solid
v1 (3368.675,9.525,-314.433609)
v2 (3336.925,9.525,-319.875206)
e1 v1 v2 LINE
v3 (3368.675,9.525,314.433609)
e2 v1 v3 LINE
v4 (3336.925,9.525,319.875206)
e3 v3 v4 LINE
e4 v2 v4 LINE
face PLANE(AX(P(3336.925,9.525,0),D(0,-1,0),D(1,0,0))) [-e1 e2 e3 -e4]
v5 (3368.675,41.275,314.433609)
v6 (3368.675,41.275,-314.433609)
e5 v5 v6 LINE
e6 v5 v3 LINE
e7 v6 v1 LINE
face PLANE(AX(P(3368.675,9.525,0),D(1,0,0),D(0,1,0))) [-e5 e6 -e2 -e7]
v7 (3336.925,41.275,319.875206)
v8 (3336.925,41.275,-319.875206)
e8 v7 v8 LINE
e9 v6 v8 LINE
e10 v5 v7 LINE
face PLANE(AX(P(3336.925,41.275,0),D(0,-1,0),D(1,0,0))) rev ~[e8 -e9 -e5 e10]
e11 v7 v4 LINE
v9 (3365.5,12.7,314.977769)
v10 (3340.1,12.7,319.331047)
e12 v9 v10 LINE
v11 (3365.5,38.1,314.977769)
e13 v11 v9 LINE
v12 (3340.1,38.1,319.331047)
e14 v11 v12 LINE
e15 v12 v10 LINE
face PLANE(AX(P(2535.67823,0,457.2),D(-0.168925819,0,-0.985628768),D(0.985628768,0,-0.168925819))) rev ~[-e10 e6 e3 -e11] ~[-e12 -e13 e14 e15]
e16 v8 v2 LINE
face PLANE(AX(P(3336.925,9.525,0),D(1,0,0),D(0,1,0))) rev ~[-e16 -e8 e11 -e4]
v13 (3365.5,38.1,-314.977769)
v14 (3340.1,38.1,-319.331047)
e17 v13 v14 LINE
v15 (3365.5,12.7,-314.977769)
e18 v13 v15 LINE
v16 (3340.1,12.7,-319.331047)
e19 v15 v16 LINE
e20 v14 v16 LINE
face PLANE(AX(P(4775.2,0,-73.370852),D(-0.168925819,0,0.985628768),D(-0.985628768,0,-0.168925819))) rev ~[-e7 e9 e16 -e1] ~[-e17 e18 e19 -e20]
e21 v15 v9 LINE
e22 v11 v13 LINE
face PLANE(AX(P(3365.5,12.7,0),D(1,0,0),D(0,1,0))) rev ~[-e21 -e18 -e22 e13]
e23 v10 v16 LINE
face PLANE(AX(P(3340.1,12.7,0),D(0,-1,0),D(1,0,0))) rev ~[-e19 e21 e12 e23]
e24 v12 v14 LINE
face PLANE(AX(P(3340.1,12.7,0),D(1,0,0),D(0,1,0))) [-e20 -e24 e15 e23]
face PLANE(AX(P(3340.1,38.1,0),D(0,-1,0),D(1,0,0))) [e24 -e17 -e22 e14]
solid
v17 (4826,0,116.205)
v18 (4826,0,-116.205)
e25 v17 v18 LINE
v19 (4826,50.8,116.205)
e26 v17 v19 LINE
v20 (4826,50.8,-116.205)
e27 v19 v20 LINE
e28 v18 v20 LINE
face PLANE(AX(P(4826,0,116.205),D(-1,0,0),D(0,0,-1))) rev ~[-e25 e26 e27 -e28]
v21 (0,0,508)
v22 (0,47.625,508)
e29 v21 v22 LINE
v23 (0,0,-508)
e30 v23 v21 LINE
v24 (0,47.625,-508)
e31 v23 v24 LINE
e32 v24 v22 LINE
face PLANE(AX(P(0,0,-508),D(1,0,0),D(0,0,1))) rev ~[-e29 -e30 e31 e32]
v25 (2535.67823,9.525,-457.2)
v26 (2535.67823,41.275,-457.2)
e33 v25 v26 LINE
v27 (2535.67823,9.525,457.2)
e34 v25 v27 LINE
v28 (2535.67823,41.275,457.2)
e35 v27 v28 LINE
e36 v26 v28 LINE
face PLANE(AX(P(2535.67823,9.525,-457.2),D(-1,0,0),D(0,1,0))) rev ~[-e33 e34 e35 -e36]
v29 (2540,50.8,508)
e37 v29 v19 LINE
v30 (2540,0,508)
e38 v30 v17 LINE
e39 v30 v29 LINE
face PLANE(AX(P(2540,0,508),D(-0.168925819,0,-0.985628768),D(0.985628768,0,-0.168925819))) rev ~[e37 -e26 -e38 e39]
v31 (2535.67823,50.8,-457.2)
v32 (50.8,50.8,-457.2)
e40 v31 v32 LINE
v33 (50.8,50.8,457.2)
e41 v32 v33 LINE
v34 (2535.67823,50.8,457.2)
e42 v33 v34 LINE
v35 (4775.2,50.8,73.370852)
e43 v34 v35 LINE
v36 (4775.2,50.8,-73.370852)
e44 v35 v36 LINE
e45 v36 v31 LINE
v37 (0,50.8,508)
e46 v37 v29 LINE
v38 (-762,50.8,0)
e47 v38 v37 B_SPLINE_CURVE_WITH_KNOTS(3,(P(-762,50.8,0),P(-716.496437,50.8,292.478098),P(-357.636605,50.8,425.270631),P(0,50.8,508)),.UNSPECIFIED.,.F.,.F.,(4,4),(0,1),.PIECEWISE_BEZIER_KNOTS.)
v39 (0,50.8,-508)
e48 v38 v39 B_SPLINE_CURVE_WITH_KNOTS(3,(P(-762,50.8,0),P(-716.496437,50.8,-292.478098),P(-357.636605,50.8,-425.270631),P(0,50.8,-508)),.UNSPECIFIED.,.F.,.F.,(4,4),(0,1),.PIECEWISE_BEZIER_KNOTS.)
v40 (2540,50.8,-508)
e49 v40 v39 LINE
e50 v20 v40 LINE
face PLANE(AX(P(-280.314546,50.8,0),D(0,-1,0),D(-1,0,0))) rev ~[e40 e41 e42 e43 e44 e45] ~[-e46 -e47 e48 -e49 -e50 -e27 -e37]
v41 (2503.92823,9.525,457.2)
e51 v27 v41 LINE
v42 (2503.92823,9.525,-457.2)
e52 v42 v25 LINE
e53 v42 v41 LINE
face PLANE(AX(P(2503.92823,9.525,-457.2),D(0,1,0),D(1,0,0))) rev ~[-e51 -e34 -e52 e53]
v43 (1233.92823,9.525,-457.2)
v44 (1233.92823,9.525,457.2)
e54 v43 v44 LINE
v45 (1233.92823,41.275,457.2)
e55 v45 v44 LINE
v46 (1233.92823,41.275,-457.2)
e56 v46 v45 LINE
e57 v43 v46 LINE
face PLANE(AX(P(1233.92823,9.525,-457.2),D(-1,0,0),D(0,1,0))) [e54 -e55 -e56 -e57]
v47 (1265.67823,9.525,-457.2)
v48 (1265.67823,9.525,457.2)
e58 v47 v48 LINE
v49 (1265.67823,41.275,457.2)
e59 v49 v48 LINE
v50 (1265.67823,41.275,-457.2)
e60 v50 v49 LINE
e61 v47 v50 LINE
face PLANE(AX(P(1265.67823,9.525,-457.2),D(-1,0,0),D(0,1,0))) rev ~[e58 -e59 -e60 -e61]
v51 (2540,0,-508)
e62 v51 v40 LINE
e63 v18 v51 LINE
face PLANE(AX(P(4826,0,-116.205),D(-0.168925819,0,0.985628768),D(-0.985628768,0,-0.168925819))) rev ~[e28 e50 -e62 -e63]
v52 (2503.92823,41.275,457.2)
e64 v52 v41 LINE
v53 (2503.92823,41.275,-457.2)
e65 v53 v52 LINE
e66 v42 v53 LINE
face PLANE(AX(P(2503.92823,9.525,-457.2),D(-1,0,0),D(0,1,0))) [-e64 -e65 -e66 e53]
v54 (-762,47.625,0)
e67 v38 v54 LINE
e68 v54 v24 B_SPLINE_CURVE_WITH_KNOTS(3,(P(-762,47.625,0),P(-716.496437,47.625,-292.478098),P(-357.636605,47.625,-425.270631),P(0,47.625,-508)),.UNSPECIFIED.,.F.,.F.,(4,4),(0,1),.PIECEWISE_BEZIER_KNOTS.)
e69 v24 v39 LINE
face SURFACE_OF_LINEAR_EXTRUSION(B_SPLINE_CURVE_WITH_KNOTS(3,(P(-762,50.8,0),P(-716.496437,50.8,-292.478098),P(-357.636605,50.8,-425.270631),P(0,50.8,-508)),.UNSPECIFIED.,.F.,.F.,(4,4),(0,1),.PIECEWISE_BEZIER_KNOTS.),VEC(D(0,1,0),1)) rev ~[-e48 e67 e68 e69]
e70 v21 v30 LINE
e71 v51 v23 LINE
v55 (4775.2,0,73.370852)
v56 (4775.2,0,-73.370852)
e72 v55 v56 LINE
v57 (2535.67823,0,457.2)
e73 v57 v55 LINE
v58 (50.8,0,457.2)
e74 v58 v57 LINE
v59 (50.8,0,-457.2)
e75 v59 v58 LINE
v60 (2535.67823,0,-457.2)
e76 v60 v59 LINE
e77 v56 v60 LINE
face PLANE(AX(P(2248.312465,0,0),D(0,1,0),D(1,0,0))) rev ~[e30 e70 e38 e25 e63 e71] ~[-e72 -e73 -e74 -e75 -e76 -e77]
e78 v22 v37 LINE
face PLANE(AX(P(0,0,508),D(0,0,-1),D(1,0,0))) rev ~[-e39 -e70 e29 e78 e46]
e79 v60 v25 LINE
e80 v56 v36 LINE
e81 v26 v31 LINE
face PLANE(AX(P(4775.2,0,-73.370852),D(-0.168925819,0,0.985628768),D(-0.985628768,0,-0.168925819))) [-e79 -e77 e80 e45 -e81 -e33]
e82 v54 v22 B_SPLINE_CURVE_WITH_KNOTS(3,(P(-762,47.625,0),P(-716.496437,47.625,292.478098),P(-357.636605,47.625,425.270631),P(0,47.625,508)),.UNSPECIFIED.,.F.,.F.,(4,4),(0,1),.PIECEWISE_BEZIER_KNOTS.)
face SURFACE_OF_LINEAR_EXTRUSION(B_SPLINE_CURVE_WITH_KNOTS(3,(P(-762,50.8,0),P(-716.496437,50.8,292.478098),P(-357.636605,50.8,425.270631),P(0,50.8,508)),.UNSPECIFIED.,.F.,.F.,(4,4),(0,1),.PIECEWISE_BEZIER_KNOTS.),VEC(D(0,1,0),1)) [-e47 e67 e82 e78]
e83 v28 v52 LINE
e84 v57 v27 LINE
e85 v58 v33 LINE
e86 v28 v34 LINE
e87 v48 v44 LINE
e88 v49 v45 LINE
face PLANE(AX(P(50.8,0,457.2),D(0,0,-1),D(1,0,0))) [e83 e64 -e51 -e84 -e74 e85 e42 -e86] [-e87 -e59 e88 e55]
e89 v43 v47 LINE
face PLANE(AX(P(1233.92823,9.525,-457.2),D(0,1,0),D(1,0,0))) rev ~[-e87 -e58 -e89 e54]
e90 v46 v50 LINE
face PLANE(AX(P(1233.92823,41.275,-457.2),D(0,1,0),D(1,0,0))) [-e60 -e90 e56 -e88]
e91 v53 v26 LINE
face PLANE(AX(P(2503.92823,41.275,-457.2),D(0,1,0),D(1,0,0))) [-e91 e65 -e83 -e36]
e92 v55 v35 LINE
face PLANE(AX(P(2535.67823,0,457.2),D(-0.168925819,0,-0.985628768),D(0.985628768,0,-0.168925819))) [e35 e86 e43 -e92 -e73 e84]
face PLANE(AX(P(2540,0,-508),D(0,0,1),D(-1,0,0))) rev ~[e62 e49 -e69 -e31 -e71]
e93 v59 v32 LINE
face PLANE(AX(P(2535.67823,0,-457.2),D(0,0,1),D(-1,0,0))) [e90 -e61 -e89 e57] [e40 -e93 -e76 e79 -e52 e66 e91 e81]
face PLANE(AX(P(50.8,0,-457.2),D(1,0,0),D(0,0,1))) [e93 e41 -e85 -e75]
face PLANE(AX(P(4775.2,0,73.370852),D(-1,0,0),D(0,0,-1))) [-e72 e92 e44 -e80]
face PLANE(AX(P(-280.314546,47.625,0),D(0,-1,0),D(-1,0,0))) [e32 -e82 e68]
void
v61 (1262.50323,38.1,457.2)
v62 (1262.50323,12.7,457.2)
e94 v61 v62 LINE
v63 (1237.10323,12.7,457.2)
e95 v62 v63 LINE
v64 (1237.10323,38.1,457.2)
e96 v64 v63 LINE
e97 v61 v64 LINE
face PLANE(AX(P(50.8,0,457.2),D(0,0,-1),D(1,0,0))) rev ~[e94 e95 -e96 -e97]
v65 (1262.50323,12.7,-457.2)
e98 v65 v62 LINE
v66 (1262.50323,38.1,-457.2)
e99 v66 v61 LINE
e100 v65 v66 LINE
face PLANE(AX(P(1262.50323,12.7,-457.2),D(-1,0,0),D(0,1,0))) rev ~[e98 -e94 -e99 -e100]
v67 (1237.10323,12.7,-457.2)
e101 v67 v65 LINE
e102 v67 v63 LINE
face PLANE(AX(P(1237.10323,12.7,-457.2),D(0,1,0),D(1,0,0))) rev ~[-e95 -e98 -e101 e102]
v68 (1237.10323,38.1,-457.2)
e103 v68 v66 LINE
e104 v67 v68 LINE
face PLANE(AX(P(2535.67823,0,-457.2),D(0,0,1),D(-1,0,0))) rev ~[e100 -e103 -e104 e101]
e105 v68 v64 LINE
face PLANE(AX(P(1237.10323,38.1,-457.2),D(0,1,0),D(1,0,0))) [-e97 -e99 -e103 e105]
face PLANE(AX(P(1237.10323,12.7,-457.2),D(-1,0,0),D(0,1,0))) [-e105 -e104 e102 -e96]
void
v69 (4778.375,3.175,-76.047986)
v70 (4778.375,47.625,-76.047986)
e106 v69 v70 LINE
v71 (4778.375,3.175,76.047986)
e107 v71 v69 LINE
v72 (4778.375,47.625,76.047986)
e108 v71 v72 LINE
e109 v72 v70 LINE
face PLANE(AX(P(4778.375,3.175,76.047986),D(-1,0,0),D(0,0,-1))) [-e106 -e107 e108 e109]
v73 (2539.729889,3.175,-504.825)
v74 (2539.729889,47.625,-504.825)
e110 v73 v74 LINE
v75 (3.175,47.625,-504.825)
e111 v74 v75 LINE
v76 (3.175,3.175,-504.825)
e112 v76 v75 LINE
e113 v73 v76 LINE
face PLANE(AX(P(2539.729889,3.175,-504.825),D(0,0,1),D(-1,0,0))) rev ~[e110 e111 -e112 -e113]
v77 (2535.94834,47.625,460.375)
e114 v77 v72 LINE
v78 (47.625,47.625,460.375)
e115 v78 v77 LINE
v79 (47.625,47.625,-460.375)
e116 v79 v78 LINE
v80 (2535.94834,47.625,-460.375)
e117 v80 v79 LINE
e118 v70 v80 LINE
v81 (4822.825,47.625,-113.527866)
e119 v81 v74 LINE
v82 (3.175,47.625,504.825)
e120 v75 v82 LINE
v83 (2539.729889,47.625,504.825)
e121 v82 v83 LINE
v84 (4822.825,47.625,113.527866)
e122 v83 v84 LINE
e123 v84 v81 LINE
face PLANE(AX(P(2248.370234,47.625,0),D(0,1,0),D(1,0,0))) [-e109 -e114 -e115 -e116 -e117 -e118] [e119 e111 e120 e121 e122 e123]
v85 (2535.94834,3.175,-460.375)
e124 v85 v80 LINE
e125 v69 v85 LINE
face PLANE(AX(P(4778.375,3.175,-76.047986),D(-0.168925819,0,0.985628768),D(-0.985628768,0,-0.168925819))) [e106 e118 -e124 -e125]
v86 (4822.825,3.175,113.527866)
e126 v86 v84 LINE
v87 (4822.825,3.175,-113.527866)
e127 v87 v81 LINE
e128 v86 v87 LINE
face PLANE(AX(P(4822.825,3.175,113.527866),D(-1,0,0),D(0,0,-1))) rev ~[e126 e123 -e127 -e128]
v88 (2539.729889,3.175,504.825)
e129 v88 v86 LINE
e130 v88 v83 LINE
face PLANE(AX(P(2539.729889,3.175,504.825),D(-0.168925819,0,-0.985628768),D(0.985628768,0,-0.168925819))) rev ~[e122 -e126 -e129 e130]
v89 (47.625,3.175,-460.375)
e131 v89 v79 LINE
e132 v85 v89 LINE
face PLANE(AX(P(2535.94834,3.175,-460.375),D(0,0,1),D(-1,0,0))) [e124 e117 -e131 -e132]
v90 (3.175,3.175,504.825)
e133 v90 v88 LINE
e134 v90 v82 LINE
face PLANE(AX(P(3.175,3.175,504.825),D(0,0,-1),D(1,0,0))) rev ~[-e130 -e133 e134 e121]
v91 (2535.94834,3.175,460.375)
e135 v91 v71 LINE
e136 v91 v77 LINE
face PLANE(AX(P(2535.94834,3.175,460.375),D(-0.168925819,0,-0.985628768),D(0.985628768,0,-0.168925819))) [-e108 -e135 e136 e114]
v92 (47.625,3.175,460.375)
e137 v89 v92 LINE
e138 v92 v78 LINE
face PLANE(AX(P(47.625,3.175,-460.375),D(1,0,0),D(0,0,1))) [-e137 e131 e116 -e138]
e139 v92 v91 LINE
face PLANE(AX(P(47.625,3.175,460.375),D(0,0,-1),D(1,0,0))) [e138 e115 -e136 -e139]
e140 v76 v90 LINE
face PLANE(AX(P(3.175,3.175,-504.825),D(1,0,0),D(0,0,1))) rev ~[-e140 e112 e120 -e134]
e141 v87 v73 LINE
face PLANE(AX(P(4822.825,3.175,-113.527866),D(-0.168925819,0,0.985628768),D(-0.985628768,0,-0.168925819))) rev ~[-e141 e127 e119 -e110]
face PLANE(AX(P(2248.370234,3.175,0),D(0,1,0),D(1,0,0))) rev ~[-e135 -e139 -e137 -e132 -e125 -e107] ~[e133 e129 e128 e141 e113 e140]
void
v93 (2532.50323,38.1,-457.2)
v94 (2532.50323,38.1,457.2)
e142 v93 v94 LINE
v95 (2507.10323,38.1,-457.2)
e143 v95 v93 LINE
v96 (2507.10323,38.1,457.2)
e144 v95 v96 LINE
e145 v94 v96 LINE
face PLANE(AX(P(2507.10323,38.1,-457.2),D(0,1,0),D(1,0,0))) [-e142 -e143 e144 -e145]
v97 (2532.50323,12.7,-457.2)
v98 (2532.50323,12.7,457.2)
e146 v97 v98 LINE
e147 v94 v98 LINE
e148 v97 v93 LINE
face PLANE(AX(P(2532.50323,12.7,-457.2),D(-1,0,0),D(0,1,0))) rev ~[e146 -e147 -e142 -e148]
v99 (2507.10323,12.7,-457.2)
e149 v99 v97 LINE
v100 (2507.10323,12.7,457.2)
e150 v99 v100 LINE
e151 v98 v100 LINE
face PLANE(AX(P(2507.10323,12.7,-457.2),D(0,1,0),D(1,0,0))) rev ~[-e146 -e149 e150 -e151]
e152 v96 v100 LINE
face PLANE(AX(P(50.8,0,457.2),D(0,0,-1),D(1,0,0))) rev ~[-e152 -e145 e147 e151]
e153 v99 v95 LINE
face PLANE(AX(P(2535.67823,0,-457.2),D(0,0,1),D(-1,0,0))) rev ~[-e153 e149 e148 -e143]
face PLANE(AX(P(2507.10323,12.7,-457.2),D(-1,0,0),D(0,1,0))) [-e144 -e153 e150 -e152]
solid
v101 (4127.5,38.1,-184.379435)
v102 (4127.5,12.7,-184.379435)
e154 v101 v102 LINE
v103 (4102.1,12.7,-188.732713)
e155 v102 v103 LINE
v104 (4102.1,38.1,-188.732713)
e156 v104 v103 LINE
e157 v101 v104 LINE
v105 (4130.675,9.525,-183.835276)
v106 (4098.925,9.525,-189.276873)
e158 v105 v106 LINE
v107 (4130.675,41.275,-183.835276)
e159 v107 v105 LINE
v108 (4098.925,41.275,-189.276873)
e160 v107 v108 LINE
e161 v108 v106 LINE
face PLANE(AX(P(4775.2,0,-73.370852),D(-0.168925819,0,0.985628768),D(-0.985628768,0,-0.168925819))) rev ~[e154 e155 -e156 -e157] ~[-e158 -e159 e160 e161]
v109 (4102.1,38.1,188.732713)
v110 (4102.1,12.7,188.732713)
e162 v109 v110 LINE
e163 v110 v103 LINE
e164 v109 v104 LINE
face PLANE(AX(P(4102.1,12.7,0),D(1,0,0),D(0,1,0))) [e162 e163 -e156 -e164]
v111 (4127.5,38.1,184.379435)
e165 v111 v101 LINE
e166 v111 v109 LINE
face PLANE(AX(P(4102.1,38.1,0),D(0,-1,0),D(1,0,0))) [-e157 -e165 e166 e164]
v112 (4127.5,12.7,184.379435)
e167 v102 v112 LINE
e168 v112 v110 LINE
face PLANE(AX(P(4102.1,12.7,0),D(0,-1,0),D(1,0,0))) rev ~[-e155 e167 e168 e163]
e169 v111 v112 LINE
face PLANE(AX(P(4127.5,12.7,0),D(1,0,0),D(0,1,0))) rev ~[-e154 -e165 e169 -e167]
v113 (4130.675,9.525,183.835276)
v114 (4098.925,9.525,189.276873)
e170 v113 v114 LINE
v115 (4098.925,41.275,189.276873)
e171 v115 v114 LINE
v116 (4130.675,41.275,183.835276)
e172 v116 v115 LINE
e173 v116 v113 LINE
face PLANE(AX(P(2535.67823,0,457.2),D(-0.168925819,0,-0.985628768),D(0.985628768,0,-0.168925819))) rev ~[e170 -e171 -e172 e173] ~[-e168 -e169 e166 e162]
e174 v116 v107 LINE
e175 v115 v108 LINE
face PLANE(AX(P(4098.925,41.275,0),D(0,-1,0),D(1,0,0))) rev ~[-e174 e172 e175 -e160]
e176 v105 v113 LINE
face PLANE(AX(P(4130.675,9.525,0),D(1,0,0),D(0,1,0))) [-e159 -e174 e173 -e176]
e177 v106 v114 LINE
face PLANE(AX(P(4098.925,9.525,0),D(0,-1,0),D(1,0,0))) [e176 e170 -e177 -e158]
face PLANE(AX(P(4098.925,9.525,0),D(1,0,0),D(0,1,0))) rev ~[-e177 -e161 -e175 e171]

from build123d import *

# Parameters (mm, degrees)
BOSS_EXTRUDE1_DEPTH             = 50.8
CUT_EXTRUDE1_DEPTH              = 44.45
BOSS_EXTRUDE2_REACH             = 967.2
SKETCH3_W                       = 31.75
SKETCH3_H                       = 31.75
SKETCH3_W_2                     = 25.4
SKETCH3_H_2                     = 25.4
BOSS_EXTRUDE3_REACH             = 510
SKETCH8_W                       = 31.75
SKETCH8_H                       = 31.75
SKETCH8_W_2                     = 25.4
SKETCH8_H_2                     = 25.4
BOSS_EXTRUDE3_DIRECTION_2_REACH = 510
BOSS_EXTRUDE5_DEPTH             = 3.175


with BuildPart() as part:
    # Sketch1 → Boss-Extrude1 (new body)
    with BuildSketch(Plane(origin=(0, 0, 0), x_dir=(1, 0, 0), z_dir=(0, 1, 0))):
        Polygon((0, 508), (0, -508), (2540, -508), (4826, -116.205), (4826, 116.205), (2540, 508), align=None)
        Polygon((2535.678229605, 457.2), (50.8, 457.2), (50.8, -457.2), (2535.678229605, -457.2), (4775.2, -73.37085213), (4775.2, 73.37085213), align=None, mode=Mode.SUBTRACT)
    extrude(amount=BOSS_EXTRUDE1_DEPTH)

    # Sketch2 → Cut-Extrude1 (cut)
    with BuildSketch(Plane(origin=(0, 3.175, 0), x_dir=(1, 0, 0), z_dir=(0, 1, 0))):
        Polygon((3.175, -504.825), (2539.72988935, -504.825), (4822.825, -113.527865758), (4822.825, 113.527865758), (2539.72988935, 504.825), (3.175, 504.825), align=None)
        Polygon((2535.948340255, 460.375), (47.625, 460.375), (47.625, -460.375), (2535.948340255, -460.375), (4778.375, -76.047986372), (4778.375, 76.047986372), align=None, mode=Mode.SUBTRACT)
    extrude(amount=CUT_EXTRUDE1_DEPTH, mode=Mode.SUBTRACT)

    # Sketch3 → Boss-Extrude2 (add, up to next)
    with BuildSketch(Plane.XY.offset(-457.2), mode=Mode.PRIVATE) as boss_extrude2_sk1:
        with Locations((2519.803229605, 25.4)):
            Rectangle(SKETCH3_W, SKETCH3_H)
        with Locations((2519.803229605, 25.4)):
            Rectangle(SKETCH3_W_2, SKETCH3_H_2, mode=Mode.SUBTRACT)
    boss_extrude2_tool1 = extrude(boss_extrude2_sk1.sketch, amount=BOSS_EXTRUDE2_REACH, mode=Mode.PRIVATE) - part.part
    add(boss_extrude2_tool1.solids().sort_by_distance((2535.229217, 25.4, -457.2))[0])
    # Sketch3 → Boss-Extrude2 (add, up to next)
    with BuildSketch(Plane.XY.offset(-457.2), mode=Mode.PRIVATE) as boss_extrude2_sk2:
        with Locations((1249.803229605, 25.4)):
            Rectangle(SKETCH3_W, SKETCH3_H)
        with Locations((1249.803229605, 25.4)):
            Rectangle(SKETCH3_W_2, SKETCH3_H_2, mode=Mode.SUBTRACT)
    boss_extrude2_tool2 = extrude(boss_extrude2_sk2.sketch, amount=BOSS_EXTRUDE2_REACH, mode=Mode.PRIVATE) - part.part
    add(boss_extrude2_tool2.solids().sort_by_distance((1249.80323, 40.825987, -457.2))[0])


with BuildPart() as body_2:

    # Sketch8 → Boss-Extrude3 (new body, up to next)
    with BuildSketch(Plane.XY, mode=Mode.PRIVATE) as boss_extrude3_sk1:
        with Locations((3352.8, 25.4)):
            Rectangle(SKETCH8_W, SKETCH8_H)
        with Locations((3352.8, 25.4)):
            Rectangle(SKETCH8_W_2, SKETCH8_H_2, mode=Mode.SUBTRACT)
    boss_extrude3_tool1 = extrude(boss_extrude3_sk1.sketch, amount=BOSS_EXTRUDE3_REACH, mode=Mode.PRIVATE) - part.part
    add(boss_extrude3_tool1.solids().sort_by_distance((3352.8, 40.825987, 0))[0])
    # Sketch8 → Boss-Extrude3 (new body, up to next)
    with BuildSketch(Plane.XY, mode=Mode.PRIVATE) as boss_extrude3_sk2:
        with Locations((4114.8, 25.4)):
            Rectangle(SKETCH8_W, SKETCH8_H)
        with Locations((4114.8, 25.4)):
            Rectangle(SKETCH8_W_2, SKETCH8_H_2, mode=Mode.SUBTRACT)
    boss_extrude3_tool2 = extrude(boss_extrude3_sk2.sketch, amount=BOSS_EXTRUDE3_REACH, mode=Mode.PRIVATE) - part.part
    add(boss_extrude3_tool2.solids().sort_by_distance((4114.8, 40.825987, 0))[0])


    # Sketch8 → Boss-Extrude3 direction 2 (add, up to next)
    with BuildSketch(Plane.XY, mode=Mode.PRIVATE) as boss_extrude3_direction_2_sk1:
        with Locations((3352.8, 25.4)):
            Rectangle(SKETCH8_W, SKETCH8_H)
        with Locations((3352.8, 25.4)):
            Rectangle(SKETCH8_W_2, SKETCH8_H_2, mode=Mode.SUBTRACT)
    boss_extrude3_direction_2_tool1 = extrude(boss_extrude3_direction_2_sk1.sketch, amount=-BOSS_EXTRUDE3_DIRECTION_2_REACH, mode=Mode.PRIVATE) - part.part
    add(boss_extrude3_direction_2_tool1.solids().sort_by_distance((3352.8, 40.825987, 0))[0])
    # Sketch8 → Boss-Extrude3 direction 2 (add, up to next)
    with BuildSketch(Plane.XY, mode=Mode.PRIVATE) as boss_extrude3_direction_2_sk2:
        with Locations((4114.8, 25.4)):
            Rectangle(SKETCH8_W, SKETCH8_H)
        with Locations((4114.8, 25.4)):
            Rectangle(SKETCH8_W_2, SKETCH8_H_2, mode=Mode.SUBTRACT)
    boss_extrude3_direction_2_tool2 = extrude(boss_extrude3_direction_2_sk2.sketch, amount=-BOSS_EXTRUDE3_DIRECTION_2_REACH, mode=Mode.PRIVATE) - part.part
    add(boss_extrude3_direction_2_tool2.solids().sort_by_distance((4114.8, 40.825987, 0))[0])


with BuildPart() as part_1:
    add(part.part)

    # Sketch11 → Boss-Extrude5 (add)
    with BuildSketch(Plane(origin=(0, 50.8, 0), x_dir=(1, 0, 0), z_dir=(0, 1, 0))):
        with BuildLine():
            Line((0, 508), (0, -508))
            add(Edge.make_bspline(
                [(-762, 0), (-716.49643682, -292.478097615), (-357.636604654, -425.270631445), (0, -508)],
                knots=[0, 0, 0, 0, 1, 1, 1, 1], degree=3))
            add(Edge.make_bspline(
                [(-762, 0), (-716.49643682, 292.478097615), (-357.636604654, 425.270631445), (0, 508)],
                knots=[0, 0, 0, 0, 1, 1, 1, 1], degree=3))
        make_face()
    extrude(amount=-BOSS_EXTRUDE5_DEPTH)


solid = Compound([body_2.part, part_1.part])
